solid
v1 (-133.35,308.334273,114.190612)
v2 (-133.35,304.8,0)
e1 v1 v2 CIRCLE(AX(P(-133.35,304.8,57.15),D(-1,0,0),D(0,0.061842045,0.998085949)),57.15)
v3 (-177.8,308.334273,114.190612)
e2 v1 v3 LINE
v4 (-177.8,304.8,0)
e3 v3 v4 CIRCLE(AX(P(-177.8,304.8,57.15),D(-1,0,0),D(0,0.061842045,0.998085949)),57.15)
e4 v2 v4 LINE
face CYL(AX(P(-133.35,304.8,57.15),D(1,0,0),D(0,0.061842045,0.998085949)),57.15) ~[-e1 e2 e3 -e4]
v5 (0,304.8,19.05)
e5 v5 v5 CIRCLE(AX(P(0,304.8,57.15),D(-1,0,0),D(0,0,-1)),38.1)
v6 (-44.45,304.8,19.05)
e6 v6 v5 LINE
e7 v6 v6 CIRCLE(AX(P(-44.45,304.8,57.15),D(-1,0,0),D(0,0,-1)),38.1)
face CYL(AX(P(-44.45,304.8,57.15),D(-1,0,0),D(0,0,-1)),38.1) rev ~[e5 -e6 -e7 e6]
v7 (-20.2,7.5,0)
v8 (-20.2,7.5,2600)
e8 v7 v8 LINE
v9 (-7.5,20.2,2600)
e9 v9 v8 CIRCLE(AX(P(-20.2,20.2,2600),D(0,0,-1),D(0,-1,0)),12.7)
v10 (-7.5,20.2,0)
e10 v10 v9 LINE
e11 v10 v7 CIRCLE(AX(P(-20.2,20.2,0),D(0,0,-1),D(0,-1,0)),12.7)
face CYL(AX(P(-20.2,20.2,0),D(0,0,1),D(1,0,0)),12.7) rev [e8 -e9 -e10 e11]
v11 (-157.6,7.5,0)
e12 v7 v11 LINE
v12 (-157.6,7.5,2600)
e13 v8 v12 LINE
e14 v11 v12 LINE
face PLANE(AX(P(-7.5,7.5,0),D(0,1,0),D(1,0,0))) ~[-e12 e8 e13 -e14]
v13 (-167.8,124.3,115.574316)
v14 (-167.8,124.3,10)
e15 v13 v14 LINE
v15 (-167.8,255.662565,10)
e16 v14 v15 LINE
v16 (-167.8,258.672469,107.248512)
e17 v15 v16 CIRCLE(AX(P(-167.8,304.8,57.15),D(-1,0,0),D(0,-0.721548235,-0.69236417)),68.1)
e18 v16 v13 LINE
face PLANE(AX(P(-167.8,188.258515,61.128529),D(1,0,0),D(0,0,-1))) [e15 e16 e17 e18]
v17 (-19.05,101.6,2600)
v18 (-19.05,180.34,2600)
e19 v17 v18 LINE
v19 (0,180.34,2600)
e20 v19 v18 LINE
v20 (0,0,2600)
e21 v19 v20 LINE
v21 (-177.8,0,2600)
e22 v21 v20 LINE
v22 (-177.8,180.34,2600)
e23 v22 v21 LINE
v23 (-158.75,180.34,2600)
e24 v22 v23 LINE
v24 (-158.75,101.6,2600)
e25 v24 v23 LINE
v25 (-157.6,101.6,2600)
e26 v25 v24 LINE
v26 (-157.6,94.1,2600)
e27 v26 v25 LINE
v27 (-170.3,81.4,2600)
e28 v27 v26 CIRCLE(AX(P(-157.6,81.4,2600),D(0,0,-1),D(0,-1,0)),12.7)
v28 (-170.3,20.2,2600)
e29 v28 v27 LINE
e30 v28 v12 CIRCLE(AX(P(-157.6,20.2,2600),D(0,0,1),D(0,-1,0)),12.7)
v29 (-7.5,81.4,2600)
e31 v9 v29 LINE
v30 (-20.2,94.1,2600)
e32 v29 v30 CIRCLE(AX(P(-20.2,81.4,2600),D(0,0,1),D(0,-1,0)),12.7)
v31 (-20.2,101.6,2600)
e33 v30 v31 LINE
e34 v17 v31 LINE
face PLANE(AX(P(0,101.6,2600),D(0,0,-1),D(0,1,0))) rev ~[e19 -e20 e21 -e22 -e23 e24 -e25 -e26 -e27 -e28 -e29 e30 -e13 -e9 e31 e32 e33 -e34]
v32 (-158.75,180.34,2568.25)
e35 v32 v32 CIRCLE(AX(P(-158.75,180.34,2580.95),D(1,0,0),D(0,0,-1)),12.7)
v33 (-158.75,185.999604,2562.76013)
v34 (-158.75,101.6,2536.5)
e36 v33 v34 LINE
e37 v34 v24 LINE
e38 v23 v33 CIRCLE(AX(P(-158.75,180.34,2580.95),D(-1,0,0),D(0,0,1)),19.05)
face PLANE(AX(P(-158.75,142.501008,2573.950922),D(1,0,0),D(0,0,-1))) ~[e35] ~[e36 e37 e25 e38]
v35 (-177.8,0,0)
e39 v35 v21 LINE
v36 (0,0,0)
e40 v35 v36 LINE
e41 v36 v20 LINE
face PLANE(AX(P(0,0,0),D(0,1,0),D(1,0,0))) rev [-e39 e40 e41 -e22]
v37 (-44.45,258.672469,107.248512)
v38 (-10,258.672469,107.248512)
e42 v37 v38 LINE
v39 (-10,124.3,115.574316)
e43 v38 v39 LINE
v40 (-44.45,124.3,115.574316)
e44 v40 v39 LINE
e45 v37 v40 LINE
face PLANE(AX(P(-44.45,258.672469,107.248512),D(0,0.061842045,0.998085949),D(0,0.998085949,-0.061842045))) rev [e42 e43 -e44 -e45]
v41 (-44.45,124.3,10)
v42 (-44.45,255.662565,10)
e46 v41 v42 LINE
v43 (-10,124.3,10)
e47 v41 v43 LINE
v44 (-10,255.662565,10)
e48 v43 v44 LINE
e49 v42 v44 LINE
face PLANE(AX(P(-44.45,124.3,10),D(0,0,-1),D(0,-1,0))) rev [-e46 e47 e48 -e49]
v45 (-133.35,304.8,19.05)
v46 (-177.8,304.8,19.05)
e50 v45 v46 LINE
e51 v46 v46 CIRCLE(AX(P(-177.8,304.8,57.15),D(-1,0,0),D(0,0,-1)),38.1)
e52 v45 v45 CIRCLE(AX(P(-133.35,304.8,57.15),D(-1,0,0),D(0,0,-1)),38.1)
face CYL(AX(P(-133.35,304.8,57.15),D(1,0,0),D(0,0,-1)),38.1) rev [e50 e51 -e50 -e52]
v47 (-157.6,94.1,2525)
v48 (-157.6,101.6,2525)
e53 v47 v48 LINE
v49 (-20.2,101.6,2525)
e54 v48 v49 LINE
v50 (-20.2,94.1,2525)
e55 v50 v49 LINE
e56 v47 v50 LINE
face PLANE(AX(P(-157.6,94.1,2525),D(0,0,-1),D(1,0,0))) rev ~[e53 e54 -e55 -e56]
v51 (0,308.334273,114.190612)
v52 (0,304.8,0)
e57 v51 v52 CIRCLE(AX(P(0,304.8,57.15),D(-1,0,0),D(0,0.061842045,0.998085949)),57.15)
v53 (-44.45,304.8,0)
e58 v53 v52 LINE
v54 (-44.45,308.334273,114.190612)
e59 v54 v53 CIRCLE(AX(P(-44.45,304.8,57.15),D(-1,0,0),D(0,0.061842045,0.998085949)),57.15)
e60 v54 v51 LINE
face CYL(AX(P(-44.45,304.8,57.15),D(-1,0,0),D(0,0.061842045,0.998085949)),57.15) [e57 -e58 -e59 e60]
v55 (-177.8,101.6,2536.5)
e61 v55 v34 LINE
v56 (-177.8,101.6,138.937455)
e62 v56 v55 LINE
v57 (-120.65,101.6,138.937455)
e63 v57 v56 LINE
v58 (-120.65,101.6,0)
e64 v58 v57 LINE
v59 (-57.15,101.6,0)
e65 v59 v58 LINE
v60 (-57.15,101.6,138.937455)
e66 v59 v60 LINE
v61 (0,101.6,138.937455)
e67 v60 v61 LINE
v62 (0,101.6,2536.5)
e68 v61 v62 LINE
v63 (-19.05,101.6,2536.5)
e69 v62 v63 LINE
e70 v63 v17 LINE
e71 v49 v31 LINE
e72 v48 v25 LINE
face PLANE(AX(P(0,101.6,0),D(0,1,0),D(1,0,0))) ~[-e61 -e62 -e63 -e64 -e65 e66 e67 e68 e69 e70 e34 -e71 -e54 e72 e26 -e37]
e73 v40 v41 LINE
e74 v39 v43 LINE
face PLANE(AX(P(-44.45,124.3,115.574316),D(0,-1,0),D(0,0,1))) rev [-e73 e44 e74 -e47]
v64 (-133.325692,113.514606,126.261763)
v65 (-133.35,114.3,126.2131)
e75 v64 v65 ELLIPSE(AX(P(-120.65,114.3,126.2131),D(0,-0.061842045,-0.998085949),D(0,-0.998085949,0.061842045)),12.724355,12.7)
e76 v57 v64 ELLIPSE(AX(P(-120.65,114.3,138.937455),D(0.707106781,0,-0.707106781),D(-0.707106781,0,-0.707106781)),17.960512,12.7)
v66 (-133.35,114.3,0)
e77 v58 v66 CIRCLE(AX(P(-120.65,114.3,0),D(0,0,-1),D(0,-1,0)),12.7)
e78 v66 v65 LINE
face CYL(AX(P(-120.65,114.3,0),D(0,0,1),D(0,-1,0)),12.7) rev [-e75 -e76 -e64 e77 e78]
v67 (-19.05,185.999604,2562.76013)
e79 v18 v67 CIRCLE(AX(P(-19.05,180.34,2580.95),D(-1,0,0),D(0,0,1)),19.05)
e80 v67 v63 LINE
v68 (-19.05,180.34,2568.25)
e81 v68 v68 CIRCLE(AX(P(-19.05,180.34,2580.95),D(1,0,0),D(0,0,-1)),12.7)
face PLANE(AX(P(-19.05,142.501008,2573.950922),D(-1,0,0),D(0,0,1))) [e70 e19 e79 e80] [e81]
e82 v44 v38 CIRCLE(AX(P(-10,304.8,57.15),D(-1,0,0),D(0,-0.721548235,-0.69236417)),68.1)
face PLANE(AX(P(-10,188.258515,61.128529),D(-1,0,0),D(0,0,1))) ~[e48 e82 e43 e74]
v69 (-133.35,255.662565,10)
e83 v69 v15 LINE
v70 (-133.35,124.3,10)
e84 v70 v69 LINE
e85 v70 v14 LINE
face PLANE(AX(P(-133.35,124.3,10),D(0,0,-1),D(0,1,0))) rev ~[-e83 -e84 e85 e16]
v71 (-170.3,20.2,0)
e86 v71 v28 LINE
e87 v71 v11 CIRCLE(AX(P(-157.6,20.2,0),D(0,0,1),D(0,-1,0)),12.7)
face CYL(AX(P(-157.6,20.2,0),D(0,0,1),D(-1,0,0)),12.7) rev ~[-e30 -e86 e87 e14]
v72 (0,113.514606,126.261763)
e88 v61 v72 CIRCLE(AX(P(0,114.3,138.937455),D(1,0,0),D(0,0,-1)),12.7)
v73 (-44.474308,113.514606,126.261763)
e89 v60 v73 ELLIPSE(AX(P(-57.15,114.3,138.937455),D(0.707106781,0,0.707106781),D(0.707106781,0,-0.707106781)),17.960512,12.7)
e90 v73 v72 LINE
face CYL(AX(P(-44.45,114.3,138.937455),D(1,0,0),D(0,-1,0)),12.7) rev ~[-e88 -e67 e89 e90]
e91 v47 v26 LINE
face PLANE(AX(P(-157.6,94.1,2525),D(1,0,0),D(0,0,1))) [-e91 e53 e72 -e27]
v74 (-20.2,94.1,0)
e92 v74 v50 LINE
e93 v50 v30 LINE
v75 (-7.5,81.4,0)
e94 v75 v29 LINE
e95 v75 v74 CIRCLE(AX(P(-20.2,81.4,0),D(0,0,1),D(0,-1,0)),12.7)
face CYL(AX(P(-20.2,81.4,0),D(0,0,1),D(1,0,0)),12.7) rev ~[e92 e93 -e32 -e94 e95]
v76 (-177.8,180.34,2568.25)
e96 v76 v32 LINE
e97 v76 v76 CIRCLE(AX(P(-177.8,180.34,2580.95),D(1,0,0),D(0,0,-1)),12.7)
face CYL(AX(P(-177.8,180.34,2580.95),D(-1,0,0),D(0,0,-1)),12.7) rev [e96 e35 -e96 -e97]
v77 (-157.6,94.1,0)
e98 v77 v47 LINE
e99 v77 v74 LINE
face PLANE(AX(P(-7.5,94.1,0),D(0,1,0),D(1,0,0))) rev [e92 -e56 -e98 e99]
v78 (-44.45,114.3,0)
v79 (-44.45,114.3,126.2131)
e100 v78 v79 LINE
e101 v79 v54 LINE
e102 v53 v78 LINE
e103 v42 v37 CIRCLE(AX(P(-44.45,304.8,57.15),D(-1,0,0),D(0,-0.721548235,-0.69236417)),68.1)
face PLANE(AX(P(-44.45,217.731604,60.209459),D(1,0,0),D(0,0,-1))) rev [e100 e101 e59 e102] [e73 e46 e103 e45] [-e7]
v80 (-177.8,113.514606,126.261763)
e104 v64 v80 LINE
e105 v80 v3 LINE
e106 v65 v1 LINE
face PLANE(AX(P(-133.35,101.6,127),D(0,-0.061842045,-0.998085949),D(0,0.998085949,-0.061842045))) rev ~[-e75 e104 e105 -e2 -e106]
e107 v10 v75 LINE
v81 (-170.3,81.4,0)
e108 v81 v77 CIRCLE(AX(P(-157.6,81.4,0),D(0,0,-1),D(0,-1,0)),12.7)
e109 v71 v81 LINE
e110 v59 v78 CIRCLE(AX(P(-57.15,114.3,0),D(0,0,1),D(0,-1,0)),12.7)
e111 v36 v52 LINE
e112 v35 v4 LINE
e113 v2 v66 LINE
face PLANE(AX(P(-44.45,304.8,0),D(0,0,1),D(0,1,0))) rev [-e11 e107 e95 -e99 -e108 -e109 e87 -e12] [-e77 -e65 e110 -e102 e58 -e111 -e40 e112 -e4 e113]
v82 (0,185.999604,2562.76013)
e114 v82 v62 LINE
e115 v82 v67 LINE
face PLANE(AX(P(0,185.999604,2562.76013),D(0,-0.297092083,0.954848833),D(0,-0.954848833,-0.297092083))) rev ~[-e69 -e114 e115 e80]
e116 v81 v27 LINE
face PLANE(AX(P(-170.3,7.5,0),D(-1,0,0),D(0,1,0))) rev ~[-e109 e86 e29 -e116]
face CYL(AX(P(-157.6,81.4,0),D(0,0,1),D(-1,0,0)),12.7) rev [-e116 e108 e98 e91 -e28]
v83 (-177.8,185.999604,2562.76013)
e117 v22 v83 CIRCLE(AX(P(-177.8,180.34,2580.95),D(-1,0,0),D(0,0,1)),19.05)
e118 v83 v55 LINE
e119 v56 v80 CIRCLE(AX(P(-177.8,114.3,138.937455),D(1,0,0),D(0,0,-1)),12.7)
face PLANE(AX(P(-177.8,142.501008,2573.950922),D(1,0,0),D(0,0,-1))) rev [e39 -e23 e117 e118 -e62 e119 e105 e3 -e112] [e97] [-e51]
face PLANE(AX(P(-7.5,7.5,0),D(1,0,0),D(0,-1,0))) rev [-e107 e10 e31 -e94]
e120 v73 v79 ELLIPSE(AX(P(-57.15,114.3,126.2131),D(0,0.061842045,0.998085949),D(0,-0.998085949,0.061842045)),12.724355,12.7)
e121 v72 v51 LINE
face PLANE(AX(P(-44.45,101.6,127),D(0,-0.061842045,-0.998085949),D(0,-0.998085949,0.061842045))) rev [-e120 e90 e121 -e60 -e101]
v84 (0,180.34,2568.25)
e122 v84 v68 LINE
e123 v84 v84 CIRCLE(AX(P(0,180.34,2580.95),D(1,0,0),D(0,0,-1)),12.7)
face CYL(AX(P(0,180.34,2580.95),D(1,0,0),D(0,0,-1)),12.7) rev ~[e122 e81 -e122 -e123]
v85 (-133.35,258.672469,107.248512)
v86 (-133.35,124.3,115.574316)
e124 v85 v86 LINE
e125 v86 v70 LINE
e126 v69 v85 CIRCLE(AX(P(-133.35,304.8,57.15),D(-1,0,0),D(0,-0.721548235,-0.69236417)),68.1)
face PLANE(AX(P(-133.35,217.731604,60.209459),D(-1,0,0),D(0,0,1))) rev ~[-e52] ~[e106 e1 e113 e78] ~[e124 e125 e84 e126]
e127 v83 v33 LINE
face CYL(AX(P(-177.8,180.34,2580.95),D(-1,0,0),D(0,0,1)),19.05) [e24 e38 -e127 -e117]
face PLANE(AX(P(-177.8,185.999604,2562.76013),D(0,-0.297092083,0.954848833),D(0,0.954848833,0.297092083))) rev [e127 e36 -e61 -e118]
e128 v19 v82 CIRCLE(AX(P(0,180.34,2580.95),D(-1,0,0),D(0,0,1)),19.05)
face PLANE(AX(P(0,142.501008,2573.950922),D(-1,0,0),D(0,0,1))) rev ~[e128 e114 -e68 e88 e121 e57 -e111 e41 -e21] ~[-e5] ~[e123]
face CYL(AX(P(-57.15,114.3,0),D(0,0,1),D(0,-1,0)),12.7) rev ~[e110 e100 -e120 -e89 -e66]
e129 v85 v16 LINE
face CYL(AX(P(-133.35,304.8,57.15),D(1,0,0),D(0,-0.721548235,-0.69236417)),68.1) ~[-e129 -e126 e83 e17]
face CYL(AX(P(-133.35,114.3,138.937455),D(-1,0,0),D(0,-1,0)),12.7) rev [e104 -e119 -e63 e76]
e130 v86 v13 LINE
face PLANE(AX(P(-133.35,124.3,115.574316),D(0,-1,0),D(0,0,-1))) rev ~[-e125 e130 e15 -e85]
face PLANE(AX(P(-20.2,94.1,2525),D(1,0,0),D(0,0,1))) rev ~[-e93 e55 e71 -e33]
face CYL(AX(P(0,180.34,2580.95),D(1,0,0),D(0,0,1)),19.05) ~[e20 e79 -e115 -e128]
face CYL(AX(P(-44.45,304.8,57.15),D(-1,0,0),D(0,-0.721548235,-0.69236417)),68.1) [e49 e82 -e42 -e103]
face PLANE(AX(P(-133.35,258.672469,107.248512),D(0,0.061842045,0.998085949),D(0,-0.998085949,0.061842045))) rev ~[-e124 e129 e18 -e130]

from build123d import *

# Parameters (mm, degrees)
SKETCH2_W               = 177.8
SKETCH2_H               = 101.6
SKETCH2_W_2             = 162.8
SKETCH2_H_2             = 86.6
BOSS_EXTRUDE2_DEPTH     = 2600
SKETCH1_R               = 38.1
BOSS_EXTRUDE3_DEPTH     = 44.45
BOSS_EXTRUDE5_START     = -44.45
SKETCH3_R               = 38.1
BOSS_EXTRUDE5_DEPTH     = 44.45
FILLET1_R               = 12.7
FILLET2_R               = 12.7
SKETCH5_R               = 12.7
BOSS_EXTRUDE7_DEPTH     = 19.05
CUT_EXTRUDE1_DEPTH      = 34.45
CUT_EXTRUDE2_DEPTH      = 2620.044665999
CUT_EXTRUDE2_DEPTH_BACK = 2620.044665999
SKETCH9_W               = 88.9
SKETCH9_H               = 2600
SKETCH10_W              = 137.4
SKETCH10_H              = 75
CUT_EXTRUDE3_DEPTH      = 10


with BuildPart() as part:
    # Sketch2 → Boss-Extrude2 (new body)
    with BuildSketch(Plane.XY):
        with Locations((-88.9, 50.8)):
            Rectangle(SKETCH2_W, SKETCH2_H)
        with Locations((-88.9, 50.8)):
            Rectangle(SKETCH2_W_2, SKETCH2_H_2, mode=Mode.SUBTRACT)
    extrude(amount=BOSS_EXTRUDE2_DEPTH)

    # Sketch1 → Boss-Extrude3 (add)
    with BuildSketch(Plane(origin=(0, 0, 0), x_dir=(0, 0, -1), z_dir=(1, 0, 0))):
        with BuildLine():
            Line((-127, 101.6), (0, 101.6))
            Line((0, 101.6), (0, 304.8))
            ThreePointArc((0, 304.8), (-55.382017361, 361.922646449), (-114.190611982, 308.334272869))
            Line((-114.190611982, 308.334272869), (-127, 101.6))
        make_face()
        with Locations((-57.15, 304.8)):
            Circle(SKETCH1_R, mode=Mode.SUBTRACT)
    extrude(amount=-BOSS_EXTRUDE3_DEPTH)

    # Sketch3 → Boss-Extrude5 (add)
    with BuildSketch(Plane.ZY.offset(177.8).offset(BOSS_EXTRUDE5_START)):
        with BuildLine():
            Line((0, 304.8), (0, 101.6))
            Line((0, 101.6), (127, 101.6))
            Line((127, 101.6), (114.190611982, 308.334272869))
            ThreePointArc((114.190611982, 308.334272869), (55.382017361, 361.922646449), (0, 304.8))
        make_face()
        with Locations(Location((57.15, 304.8, 0), (0, 0, 180))):
            Circle(SKETCH3_R, mode=Mode.SUBTRACT)
    extrude(amount=BOSS_EXTRUDE5_DEPTH)

    # Fillet1
    fillet1_edges = [part.edges().sort_by_distance(p)[0] for p in [
        (-7.5, 94.1, 1300),
        (-170.3, 94.1, 1300),
        (-170.3, 7.5, 1300),
        (-7.5, 7.5, 1300),
    ]]
    fillet(fillet1_edges, radius=FILLET1_R)

    # Fillet2
    fillet2_edges = [part.edges().sort_by_distance(p)[0] for p in [
        (-44.45, 101.6, 63.5),
        (-22.225, 101.6, 127),
        (-133.35, 101.6, 63.5),
        (-155.575, 101.6, 127),
    ]]
    fillet(fillet2_edges, radius=FILLET2_R)

    # Sketch5 → Boss-Extrude7 (add)
    with BuildSketch(Plane(origin=(0, 0, 0), x_dir=(0, 0, -1), z_dir=(1, 0, 0))):
        with BuildLine():
            Line((-2600, 101.6), (-2600, 180.34))
            ThreePointArc((-2600, 180.34), (-2583.812295525, 199.173740052), (-2562.760129729, 185.999604185))
            Line((-2562.760129729, 185.999604185), (-2536.5, 101.6))
            Line((-2536.5, 101.6), (-2600, 101.6))
        make_face()
        with Locations((-2580.95, 180.34)):
            Circle(SKETCH5_R, mode=Mode.SUBTRACT)
    boss_extrude7 = extrude(amount=-BOSS_EXTRUDE7_DEPTH)

    # Mirror1: Boss-Extrude7 across plane
    add(boss_extrude7.mirror(Plane.ZY.offset(88.9)))

    # Sketch8 → Cut-Extrude1 (cut)
    with BuildSketch(Plane(origin=(-133.35, 0, 0), x_dir=(0, 0, -1), z_dir=(1, 0, 0))):
        with BuildLine():
            ThreePointArc((-10, 255.662565187), (-59.256729969, 236.73259452), (-107.248511945, 258.672469165))
            Line((-107.248511945, 258.672469165), (-115.574316238, 124.3))
            Line((-115.574316238, 124.3), (-10, 124.3))
            Line((-10, 124.3), (-10, 255.662565187))
        make_face()
    extrude(amount=-CUT_EXTRUDE1_DEPTH, mode=Mode.SUBTRACT)

    # Sketch9 → Cut-Extrude2 (cut, two sides: drawn at the far end of the back side and taken through both)
    with BuildSketch(Plane(origin=(0, 101.6, 0), x_dir=(1, 0, 0), z_dir=(0, 1, 0)).offset(-CUT_EXTRUDE2_DEPTH_BACK)):
        with Locations((-44.45, -1300)):
            Rectangle(SKETCH9_W, SKETCH9_H)
    extrude(amount=CUT_EXTRUDE2_DEPTH + CUT_EXTRUDE2_DEPTH_BACK, mode=Mode.SUBTRACT)

    # Mirror2: part across plane


with BuildPart() as part_1:
    add(part.part)
    add(part.part.mirror(Plane.ZY.offset(88.9)))

    # Sketch10 → Cut-Extrude3 (cut)
    with BuildSketch(Plane.XZ.offset(-94.1)):
        with Locations((-88.9, 2562.5)):
            Rectangle(SKETCH10_W, SKETCH10_H)
    extrude(amount=-CUT_EXTRUDE3_DEPTH, mode=Mode.SUBTRACT)


solid = part_1.part
